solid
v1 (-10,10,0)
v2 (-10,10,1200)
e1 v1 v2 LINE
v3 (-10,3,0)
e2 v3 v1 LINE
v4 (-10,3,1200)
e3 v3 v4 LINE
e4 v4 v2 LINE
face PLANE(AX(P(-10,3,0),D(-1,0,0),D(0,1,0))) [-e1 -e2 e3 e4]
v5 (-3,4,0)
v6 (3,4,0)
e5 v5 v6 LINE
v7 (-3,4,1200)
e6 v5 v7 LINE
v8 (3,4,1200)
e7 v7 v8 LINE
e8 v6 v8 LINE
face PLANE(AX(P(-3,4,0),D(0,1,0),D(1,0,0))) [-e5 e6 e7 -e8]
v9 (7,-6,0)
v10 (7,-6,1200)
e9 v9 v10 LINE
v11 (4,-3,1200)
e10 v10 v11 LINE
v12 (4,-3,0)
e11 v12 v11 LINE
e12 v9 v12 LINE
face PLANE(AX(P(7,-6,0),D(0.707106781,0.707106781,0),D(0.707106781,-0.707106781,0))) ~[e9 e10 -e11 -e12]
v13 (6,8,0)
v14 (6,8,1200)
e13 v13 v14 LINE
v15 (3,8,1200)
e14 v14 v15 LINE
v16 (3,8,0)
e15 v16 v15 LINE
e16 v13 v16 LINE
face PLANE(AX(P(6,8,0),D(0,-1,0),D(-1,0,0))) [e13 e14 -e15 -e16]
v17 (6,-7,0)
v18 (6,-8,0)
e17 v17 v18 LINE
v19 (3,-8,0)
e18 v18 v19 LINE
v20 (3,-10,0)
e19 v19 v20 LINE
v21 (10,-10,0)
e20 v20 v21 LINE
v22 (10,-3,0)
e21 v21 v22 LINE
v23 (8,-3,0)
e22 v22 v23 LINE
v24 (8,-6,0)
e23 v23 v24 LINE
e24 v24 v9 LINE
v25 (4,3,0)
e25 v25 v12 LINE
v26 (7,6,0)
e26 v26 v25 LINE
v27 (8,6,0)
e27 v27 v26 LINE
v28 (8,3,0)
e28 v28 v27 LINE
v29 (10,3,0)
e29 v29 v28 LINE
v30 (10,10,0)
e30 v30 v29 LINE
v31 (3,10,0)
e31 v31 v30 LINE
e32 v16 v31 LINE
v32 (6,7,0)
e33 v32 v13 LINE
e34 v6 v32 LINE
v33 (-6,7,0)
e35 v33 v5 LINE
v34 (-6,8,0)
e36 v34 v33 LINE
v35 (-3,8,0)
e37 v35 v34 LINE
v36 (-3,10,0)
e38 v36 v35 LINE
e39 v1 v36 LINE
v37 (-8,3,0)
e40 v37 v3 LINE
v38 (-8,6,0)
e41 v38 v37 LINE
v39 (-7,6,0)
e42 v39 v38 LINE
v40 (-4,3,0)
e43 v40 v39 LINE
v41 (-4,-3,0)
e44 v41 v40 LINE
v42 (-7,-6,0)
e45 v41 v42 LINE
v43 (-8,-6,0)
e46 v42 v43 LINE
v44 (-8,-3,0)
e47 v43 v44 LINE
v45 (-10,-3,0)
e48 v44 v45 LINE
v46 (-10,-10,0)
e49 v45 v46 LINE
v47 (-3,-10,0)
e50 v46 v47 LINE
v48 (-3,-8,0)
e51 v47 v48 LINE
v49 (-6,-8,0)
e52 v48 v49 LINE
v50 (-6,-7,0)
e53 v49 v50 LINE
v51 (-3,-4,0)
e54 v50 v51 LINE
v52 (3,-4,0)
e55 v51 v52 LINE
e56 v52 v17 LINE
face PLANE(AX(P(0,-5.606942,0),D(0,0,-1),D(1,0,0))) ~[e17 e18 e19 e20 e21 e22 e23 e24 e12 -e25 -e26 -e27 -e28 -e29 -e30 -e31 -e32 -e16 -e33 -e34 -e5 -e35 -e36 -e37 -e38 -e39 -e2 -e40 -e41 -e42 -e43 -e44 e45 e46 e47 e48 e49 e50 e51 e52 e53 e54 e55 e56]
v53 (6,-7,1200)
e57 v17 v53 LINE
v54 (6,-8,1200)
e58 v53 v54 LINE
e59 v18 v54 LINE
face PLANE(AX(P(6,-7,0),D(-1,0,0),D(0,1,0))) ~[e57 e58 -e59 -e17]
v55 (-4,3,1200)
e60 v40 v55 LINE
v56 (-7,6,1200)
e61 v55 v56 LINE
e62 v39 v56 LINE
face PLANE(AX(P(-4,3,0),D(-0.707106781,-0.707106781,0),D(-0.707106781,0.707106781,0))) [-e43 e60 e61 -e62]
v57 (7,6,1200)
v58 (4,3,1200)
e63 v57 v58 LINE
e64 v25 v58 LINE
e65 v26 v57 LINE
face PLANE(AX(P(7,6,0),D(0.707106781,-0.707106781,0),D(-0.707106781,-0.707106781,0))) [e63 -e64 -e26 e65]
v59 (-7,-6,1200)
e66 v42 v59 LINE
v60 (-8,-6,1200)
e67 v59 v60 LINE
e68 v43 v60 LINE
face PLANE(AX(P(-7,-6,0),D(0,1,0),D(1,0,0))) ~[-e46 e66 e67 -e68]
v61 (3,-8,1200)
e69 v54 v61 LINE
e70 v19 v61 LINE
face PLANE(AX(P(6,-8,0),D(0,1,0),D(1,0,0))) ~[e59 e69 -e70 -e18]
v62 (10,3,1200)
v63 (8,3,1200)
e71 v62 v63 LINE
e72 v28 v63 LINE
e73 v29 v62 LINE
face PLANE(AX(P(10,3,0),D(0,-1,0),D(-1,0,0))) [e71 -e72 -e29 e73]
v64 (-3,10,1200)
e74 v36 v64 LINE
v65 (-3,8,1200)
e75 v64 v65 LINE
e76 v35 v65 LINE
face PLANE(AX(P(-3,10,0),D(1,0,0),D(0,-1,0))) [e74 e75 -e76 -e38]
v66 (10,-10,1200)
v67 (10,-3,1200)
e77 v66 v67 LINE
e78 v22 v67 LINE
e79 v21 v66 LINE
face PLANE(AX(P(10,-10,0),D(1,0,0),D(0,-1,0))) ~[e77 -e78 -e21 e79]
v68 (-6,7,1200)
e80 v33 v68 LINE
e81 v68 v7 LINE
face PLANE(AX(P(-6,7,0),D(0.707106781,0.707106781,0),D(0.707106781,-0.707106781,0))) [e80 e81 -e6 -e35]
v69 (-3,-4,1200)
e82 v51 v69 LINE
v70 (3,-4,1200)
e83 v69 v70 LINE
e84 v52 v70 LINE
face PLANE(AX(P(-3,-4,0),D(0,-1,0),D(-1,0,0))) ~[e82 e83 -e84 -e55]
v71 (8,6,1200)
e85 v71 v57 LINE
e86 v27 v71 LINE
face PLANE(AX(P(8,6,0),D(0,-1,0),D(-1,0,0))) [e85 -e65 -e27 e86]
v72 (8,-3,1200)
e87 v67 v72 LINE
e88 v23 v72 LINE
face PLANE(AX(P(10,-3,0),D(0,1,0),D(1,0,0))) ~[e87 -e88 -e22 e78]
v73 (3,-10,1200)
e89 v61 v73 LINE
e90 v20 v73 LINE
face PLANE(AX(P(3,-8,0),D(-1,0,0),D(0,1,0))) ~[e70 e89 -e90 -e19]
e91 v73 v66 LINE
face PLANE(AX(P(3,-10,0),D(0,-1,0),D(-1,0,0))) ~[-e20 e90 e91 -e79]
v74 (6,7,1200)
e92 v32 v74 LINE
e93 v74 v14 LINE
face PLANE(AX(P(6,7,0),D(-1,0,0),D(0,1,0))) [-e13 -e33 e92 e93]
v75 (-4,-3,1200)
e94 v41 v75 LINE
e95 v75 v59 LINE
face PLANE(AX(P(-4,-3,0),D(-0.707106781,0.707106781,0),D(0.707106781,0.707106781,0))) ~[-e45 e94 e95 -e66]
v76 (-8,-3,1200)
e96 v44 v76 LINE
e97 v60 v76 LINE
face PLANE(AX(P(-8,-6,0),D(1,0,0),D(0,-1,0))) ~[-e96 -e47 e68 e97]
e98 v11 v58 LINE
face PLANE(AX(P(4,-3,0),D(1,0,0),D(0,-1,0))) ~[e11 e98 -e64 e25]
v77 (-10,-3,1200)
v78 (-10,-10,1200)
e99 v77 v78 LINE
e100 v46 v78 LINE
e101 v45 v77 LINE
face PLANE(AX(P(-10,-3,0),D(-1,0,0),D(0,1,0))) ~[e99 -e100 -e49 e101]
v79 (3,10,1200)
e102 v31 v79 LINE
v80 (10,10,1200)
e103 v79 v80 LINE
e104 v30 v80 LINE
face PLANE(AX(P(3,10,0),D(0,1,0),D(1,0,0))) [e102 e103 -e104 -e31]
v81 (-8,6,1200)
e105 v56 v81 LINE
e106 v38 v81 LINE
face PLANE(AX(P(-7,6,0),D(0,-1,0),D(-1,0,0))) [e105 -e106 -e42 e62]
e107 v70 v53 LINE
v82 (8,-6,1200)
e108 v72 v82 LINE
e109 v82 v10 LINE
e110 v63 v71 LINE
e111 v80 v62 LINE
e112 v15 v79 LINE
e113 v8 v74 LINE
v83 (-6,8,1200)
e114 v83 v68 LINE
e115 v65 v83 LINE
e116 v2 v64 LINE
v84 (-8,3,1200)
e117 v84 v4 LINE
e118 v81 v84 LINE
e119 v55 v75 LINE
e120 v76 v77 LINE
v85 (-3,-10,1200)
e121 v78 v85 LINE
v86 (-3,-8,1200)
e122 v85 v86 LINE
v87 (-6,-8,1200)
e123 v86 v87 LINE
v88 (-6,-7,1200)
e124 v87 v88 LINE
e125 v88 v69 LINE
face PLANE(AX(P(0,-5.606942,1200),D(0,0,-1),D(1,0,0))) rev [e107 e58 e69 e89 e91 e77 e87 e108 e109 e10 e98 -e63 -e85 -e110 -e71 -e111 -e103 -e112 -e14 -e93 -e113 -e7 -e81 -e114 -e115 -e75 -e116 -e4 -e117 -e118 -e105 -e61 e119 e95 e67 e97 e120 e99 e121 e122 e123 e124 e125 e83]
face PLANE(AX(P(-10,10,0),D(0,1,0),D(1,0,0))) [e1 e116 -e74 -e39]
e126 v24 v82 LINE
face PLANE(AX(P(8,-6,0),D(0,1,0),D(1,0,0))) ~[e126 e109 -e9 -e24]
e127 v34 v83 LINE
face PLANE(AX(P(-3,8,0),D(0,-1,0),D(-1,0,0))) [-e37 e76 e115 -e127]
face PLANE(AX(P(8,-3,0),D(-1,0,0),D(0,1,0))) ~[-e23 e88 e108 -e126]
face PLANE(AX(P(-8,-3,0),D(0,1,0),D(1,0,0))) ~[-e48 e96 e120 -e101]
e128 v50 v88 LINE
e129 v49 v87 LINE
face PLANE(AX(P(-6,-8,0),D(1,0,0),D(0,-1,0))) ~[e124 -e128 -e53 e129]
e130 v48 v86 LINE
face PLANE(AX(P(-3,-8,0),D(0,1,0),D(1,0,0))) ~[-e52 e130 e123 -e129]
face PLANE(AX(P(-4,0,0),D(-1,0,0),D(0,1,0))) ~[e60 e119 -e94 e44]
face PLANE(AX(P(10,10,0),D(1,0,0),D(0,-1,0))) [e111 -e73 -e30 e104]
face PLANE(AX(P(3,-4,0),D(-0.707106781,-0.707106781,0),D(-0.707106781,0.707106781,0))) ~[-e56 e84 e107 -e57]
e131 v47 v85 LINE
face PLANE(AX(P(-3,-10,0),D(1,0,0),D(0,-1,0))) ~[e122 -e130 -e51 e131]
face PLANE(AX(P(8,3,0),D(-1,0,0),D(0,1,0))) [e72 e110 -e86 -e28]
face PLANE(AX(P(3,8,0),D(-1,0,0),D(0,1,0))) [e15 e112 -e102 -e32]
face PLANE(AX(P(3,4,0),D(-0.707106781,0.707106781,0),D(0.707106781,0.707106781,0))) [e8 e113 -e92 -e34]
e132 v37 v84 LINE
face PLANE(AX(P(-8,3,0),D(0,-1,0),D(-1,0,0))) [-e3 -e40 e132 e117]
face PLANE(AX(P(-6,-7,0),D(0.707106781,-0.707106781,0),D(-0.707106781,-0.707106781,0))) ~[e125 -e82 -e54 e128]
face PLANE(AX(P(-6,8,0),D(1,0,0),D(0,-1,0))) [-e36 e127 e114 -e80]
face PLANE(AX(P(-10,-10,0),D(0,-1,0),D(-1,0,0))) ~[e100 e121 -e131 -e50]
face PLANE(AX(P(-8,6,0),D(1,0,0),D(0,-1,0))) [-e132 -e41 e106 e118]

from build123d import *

# Parameters (mm, degrees)
PAD_DEPTH    = 1200
SKETCH001_R  = 2
POCKET_DEPTH = 4.001


with BuildPart() as change_me_for_height:
    # Sketch → Pad (new body)
    with BuildSketch(Plane.XY):
        Polygon((-10, 3), (-10, 10), (-3, 10), (-3, 8), (-6, 8), (-6, 7), (-3, 4), (3, 4), (6, 7), (6, 8), (3, 8), (3, 10), (10, 10), (10, 3), (8, 3), (8, 6), (7, 6), (4, 3), (4, 0), (-4, 0), (-4, 3), (-7, 6), (-8, 6), (-8, 3), align=None)
    pad = extrude(amount=PAD_DEPTH)


with BuildPart() as mirrored:
    # Mirrored base: copy of Change_me_for_height
    add(change_me_for_height.part)

    # Mirrored: Pad across Sketch H_Axis
    add(pad.mirror(Plane.ZX))


with BuildPart() as pocket:
    # Fusion base: copy of Change_me_for_height
    add(change_me_for_height.part)

    # Fusion: union Mirrored
    add(mirrored.part)

    # Sketch001 → Pocket (cut, through all)
    with BuildSketch(Plane.XZ.offset(-6)):
        Circle(SKETCH001_R)
    extrude(amount=-POCKET_DEPTH, mode=Mode.SUBTRACT)


solid = pocket.part
